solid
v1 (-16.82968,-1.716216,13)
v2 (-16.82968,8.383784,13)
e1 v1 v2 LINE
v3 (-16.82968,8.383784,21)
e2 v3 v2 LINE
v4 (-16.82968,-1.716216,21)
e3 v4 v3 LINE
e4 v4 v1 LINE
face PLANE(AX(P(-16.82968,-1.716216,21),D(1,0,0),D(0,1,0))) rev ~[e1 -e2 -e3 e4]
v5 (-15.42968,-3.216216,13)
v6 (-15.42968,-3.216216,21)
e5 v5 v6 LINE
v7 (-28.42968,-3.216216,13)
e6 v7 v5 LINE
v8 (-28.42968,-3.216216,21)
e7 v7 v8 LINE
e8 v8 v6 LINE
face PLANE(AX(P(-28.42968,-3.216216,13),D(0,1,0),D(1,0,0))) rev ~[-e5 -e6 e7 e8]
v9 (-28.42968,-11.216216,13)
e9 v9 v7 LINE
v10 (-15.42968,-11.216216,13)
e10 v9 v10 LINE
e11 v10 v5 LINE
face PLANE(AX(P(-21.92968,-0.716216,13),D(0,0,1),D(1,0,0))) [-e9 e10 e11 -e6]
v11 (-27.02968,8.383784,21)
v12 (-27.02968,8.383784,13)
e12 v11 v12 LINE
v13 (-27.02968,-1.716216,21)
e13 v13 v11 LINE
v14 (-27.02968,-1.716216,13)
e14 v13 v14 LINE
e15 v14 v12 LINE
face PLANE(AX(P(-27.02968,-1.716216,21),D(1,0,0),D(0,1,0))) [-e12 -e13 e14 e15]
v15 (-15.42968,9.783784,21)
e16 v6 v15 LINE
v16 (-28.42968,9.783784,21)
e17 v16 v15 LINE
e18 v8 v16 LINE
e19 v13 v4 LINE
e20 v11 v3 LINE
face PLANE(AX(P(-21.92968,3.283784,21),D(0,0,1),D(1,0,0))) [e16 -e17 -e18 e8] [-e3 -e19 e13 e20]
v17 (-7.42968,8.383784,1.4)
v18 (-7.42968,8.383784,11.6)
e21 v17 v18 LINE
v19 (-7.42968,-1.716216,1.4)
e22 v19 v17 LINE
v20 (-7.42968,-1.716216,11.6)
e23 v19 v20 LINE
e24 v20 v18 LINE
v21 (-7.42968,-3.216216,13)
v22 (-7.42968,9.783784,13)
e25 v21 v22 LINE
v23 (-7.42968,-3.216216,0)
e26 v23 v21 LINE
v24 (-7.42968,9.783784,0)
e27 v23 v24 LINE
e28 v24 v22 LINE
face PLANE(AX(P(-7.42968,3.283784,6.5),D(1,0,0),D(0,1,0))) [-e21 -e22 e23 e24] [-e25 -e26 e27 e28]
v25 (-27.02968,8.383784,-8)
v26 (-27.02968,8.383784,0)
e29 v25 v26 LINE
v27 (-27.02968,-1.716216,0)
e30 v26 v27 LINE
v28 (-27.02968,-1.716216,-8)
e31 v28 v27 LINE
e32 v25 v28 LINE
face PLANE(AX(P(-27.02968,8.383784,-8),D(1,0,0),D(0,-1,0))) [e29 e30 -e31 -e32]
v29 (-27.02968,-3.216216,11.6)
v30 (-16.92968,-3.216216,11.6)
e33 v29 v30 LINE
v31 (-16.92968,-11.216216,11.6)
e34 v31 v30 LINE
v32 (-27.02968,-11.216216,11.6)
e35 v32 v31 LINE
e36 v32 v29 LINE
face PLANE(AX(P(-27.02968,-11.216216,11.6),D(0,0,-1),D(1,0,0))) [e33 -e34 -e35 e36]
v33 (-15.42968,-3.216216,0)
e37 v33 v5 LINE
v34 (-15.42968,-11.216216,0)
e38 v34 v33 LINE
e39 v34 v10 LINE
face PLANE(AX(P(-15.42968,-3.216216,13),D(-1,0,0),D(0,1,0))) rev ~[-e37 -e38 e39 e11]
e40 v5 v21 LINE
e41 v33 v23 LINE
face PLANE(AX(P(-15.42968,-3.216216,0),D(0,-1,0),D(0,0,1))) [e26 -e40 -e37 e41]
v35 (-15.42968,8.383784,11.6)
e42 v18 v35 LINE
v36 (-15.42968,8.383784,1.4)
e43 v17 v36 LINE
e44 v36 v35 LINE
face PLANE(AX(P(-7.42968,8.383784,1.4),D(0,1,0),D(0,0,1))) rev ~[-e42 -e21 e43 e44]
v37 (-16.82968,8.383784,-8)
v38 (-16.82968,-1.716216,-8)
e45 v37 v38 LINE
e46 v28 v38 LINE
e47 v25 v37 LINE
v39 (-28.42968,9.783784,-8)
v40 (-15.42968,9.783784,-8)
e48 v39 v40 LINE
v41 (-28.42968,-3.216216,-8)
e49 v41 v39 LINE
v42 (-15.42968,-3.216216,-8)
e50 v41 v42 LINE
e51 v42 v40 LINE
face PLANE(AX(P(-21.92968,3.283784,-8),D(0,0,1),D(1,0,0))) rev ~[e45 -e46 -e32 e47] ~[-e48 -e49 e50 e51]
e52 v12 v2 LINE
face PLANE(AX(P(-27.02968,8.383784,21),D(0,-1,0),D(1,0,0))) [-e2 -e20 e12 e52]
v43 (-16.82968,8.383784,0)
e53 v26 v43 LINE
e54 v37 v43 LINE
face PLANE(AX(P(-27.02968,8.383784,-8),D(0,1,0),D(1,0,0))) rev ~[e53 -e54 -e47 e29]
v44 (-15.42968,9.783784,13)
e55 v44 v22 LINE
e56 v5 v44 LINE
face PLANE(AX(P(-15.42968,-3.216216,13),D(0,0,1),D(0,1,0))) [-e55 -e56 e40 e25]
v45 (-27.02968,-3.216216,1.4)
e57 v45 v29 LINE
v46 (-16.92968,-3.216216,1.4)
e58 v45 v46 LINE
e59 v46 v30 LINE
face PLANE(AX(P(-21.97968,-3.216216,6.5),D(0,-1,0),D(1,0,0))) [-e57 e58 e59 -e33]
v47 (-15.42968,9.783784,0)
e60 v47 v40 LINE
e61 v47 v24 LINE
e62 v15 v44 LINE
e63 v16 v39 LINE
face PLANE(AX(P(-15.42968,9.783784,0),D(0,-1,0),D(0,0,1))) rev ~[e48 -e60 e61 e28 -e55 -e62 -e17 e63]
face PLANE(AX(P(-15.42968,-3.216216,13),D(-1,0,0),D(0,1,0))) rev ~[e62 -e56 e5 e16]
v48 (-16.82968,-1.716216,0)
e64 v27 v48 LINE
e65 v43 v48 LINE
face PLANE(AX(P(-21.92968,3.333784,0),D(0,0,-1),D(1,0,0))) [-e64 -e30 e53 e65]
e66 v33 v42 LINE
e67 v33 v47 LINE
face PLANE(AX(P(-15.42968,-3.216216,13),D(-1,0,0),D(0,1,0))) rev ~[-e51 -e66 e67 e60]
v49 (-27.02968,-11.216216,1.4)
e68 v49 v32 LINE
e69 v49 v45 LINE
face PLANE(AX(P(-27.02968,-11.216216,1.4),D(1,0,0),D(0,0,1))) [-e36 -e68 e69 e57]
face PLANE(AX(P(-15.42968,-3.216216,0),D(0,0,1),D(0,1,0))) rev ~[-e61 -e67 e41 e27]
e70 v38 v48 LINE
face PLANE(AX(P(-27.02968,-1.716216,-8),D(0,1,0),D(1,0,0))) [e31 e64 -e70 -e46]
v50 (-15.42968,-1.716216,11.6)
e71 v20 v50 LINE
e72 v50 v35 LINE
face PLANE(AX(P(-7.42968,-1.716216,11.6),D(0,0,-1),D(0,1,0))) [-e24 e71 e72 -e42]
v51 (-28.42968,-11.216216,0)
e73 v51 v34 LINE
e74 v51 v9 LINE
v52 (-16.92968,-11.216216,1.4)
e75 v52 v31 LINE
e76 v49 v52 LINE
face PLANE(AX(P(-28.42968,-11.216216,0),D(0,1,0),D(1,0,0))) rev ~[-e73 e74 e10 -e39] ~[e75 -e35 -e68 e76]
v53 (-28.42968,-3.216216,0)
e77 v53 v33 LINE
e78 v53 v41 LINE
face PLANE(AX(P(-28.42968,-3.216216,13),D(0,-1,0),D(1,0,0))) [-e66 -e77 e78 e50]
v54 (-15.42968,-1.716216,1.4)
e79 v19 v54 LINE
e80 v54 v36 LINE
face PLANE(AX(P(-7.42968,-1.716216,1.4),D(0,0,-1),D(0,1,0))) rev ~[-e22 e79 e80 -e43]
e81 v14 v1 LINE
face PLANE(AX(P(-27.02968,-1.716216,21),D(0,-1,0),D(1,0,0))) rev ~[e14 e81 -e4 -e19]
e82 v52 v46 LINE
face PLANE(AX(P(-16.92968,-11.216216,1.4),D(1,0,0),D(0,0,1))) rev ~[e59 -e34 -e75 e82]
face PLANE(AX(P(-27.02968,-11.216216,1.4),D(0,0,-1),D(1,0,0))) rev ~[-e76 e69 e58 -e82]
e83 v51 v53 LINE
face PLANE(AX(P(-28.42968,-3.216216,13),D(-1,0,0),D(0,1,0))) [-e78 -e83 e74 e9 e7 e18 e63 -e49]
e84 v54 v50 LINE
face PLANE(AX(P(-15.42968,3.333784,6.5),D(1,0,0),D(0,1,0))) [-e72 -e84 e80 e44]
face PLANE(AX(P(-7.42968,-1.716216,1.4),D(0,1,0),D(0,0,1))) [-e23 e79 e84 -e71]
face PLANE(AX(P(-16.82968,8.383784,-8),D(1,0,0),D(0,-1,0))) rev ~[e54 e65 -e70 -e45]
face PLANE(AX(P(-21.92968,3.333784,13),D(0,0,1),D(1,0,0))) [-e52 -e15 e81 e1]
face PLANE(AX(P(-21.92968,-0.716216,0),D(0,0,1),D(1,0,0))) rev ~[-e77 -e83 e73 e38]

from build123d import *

# Parameters (mm, degrees)
F0_W          = 13
F0_H          = 21
F1_DEPTH      = 13
F3_W          = 13
F3_H          = 13
F4_DEPTH      = 8
F4_DEPTH_BACK = 21
F5_W          = 10.2
F5_H          = 10.1
F6_DEPTH      = 8
F7_W          = 10.2
F7_H          = 10.1
F8_DEPTH      = 8
F9_W          = 13
F9_H          = 13
F10_DEPTH     = 8
F2_W          = 10.1
F2_H          = 10.2
F12_DEPTH     = 8
F11_W         = 10.1
F11_H         = 10.2
F13_DEPTH     = 8


with BuildPart() as f1:
    # F0 (on Top) → F1 (new body)
    with BuildSketch(Plane.XY):
        with Locations((-21.92968, -0.716216)):
            Rectangle(F0_W, F0_H)
    extrude(amount=F1_DEPTH)

    # F3 (on face) → F4 (join, two sides)
    with BuildSketch(Plane.XY.offset(13)) as f4_sk:
        with Locations((-21.92968, 3.283784)):
            Rectangle(F3_W, F3_H)
    extrude(amount=F4_DEPTH)
    extrude(f4_sk.sketch, amount=-F4_DEPTH_BACK)

    # F5 (on face) → F6 (cut)
    with BuildSketch(Plane.XY.offset(21)):
        with Locations((-21.92968, 3.333784)):
            Rectangle(F5_W, F5_H)
    extrude(amount=-F6_DEPTH, mode=Mode.SUBTRACT)

    # F7 (on face) → F8 (cut)
    with BuildSketch(Plane(origin=(0, 0, -8), x_dir=(1, 0, 0), z_dir=(0, 0, -1))):
        with Locations((-21.92968, -3.333784)):
            Rectangle(F7_W, F7_H)
    extrude(amount=-F8_DEPTH, mode=Mode.SUBTRACT)

    # F9 (on face) → F10 (join)
    with BuildSketch(Plane.YZ.offset(-15.42968)):
        with Locations((3.283784, 6.5)):
            Rectangle(F9_W, F9_H)
    extrude(amount=F10_DEPTH)

    # F2 (on face) → F12 (cut)
    with BuildSketch(Plane.XZ.offset(11.216216)):
        with Locations((-21.97968, 6.5)):
            Rectangle(F2_W, F2_H)
    extrude(amount=-F12_DEPTH, mode=Mode.SUBTRACT)

    # F11 (on face) → F13 (cut)
    with BuildSketch(Plane.YZ.offset(-7.42968)):
        with Locations((3.333784, 6.5)):
            Rectangle(F11_W, F11_H)
    extrude(amount=-F13_DEPTH, mode=Mode.SUBTRACT)


solid = f1.part
